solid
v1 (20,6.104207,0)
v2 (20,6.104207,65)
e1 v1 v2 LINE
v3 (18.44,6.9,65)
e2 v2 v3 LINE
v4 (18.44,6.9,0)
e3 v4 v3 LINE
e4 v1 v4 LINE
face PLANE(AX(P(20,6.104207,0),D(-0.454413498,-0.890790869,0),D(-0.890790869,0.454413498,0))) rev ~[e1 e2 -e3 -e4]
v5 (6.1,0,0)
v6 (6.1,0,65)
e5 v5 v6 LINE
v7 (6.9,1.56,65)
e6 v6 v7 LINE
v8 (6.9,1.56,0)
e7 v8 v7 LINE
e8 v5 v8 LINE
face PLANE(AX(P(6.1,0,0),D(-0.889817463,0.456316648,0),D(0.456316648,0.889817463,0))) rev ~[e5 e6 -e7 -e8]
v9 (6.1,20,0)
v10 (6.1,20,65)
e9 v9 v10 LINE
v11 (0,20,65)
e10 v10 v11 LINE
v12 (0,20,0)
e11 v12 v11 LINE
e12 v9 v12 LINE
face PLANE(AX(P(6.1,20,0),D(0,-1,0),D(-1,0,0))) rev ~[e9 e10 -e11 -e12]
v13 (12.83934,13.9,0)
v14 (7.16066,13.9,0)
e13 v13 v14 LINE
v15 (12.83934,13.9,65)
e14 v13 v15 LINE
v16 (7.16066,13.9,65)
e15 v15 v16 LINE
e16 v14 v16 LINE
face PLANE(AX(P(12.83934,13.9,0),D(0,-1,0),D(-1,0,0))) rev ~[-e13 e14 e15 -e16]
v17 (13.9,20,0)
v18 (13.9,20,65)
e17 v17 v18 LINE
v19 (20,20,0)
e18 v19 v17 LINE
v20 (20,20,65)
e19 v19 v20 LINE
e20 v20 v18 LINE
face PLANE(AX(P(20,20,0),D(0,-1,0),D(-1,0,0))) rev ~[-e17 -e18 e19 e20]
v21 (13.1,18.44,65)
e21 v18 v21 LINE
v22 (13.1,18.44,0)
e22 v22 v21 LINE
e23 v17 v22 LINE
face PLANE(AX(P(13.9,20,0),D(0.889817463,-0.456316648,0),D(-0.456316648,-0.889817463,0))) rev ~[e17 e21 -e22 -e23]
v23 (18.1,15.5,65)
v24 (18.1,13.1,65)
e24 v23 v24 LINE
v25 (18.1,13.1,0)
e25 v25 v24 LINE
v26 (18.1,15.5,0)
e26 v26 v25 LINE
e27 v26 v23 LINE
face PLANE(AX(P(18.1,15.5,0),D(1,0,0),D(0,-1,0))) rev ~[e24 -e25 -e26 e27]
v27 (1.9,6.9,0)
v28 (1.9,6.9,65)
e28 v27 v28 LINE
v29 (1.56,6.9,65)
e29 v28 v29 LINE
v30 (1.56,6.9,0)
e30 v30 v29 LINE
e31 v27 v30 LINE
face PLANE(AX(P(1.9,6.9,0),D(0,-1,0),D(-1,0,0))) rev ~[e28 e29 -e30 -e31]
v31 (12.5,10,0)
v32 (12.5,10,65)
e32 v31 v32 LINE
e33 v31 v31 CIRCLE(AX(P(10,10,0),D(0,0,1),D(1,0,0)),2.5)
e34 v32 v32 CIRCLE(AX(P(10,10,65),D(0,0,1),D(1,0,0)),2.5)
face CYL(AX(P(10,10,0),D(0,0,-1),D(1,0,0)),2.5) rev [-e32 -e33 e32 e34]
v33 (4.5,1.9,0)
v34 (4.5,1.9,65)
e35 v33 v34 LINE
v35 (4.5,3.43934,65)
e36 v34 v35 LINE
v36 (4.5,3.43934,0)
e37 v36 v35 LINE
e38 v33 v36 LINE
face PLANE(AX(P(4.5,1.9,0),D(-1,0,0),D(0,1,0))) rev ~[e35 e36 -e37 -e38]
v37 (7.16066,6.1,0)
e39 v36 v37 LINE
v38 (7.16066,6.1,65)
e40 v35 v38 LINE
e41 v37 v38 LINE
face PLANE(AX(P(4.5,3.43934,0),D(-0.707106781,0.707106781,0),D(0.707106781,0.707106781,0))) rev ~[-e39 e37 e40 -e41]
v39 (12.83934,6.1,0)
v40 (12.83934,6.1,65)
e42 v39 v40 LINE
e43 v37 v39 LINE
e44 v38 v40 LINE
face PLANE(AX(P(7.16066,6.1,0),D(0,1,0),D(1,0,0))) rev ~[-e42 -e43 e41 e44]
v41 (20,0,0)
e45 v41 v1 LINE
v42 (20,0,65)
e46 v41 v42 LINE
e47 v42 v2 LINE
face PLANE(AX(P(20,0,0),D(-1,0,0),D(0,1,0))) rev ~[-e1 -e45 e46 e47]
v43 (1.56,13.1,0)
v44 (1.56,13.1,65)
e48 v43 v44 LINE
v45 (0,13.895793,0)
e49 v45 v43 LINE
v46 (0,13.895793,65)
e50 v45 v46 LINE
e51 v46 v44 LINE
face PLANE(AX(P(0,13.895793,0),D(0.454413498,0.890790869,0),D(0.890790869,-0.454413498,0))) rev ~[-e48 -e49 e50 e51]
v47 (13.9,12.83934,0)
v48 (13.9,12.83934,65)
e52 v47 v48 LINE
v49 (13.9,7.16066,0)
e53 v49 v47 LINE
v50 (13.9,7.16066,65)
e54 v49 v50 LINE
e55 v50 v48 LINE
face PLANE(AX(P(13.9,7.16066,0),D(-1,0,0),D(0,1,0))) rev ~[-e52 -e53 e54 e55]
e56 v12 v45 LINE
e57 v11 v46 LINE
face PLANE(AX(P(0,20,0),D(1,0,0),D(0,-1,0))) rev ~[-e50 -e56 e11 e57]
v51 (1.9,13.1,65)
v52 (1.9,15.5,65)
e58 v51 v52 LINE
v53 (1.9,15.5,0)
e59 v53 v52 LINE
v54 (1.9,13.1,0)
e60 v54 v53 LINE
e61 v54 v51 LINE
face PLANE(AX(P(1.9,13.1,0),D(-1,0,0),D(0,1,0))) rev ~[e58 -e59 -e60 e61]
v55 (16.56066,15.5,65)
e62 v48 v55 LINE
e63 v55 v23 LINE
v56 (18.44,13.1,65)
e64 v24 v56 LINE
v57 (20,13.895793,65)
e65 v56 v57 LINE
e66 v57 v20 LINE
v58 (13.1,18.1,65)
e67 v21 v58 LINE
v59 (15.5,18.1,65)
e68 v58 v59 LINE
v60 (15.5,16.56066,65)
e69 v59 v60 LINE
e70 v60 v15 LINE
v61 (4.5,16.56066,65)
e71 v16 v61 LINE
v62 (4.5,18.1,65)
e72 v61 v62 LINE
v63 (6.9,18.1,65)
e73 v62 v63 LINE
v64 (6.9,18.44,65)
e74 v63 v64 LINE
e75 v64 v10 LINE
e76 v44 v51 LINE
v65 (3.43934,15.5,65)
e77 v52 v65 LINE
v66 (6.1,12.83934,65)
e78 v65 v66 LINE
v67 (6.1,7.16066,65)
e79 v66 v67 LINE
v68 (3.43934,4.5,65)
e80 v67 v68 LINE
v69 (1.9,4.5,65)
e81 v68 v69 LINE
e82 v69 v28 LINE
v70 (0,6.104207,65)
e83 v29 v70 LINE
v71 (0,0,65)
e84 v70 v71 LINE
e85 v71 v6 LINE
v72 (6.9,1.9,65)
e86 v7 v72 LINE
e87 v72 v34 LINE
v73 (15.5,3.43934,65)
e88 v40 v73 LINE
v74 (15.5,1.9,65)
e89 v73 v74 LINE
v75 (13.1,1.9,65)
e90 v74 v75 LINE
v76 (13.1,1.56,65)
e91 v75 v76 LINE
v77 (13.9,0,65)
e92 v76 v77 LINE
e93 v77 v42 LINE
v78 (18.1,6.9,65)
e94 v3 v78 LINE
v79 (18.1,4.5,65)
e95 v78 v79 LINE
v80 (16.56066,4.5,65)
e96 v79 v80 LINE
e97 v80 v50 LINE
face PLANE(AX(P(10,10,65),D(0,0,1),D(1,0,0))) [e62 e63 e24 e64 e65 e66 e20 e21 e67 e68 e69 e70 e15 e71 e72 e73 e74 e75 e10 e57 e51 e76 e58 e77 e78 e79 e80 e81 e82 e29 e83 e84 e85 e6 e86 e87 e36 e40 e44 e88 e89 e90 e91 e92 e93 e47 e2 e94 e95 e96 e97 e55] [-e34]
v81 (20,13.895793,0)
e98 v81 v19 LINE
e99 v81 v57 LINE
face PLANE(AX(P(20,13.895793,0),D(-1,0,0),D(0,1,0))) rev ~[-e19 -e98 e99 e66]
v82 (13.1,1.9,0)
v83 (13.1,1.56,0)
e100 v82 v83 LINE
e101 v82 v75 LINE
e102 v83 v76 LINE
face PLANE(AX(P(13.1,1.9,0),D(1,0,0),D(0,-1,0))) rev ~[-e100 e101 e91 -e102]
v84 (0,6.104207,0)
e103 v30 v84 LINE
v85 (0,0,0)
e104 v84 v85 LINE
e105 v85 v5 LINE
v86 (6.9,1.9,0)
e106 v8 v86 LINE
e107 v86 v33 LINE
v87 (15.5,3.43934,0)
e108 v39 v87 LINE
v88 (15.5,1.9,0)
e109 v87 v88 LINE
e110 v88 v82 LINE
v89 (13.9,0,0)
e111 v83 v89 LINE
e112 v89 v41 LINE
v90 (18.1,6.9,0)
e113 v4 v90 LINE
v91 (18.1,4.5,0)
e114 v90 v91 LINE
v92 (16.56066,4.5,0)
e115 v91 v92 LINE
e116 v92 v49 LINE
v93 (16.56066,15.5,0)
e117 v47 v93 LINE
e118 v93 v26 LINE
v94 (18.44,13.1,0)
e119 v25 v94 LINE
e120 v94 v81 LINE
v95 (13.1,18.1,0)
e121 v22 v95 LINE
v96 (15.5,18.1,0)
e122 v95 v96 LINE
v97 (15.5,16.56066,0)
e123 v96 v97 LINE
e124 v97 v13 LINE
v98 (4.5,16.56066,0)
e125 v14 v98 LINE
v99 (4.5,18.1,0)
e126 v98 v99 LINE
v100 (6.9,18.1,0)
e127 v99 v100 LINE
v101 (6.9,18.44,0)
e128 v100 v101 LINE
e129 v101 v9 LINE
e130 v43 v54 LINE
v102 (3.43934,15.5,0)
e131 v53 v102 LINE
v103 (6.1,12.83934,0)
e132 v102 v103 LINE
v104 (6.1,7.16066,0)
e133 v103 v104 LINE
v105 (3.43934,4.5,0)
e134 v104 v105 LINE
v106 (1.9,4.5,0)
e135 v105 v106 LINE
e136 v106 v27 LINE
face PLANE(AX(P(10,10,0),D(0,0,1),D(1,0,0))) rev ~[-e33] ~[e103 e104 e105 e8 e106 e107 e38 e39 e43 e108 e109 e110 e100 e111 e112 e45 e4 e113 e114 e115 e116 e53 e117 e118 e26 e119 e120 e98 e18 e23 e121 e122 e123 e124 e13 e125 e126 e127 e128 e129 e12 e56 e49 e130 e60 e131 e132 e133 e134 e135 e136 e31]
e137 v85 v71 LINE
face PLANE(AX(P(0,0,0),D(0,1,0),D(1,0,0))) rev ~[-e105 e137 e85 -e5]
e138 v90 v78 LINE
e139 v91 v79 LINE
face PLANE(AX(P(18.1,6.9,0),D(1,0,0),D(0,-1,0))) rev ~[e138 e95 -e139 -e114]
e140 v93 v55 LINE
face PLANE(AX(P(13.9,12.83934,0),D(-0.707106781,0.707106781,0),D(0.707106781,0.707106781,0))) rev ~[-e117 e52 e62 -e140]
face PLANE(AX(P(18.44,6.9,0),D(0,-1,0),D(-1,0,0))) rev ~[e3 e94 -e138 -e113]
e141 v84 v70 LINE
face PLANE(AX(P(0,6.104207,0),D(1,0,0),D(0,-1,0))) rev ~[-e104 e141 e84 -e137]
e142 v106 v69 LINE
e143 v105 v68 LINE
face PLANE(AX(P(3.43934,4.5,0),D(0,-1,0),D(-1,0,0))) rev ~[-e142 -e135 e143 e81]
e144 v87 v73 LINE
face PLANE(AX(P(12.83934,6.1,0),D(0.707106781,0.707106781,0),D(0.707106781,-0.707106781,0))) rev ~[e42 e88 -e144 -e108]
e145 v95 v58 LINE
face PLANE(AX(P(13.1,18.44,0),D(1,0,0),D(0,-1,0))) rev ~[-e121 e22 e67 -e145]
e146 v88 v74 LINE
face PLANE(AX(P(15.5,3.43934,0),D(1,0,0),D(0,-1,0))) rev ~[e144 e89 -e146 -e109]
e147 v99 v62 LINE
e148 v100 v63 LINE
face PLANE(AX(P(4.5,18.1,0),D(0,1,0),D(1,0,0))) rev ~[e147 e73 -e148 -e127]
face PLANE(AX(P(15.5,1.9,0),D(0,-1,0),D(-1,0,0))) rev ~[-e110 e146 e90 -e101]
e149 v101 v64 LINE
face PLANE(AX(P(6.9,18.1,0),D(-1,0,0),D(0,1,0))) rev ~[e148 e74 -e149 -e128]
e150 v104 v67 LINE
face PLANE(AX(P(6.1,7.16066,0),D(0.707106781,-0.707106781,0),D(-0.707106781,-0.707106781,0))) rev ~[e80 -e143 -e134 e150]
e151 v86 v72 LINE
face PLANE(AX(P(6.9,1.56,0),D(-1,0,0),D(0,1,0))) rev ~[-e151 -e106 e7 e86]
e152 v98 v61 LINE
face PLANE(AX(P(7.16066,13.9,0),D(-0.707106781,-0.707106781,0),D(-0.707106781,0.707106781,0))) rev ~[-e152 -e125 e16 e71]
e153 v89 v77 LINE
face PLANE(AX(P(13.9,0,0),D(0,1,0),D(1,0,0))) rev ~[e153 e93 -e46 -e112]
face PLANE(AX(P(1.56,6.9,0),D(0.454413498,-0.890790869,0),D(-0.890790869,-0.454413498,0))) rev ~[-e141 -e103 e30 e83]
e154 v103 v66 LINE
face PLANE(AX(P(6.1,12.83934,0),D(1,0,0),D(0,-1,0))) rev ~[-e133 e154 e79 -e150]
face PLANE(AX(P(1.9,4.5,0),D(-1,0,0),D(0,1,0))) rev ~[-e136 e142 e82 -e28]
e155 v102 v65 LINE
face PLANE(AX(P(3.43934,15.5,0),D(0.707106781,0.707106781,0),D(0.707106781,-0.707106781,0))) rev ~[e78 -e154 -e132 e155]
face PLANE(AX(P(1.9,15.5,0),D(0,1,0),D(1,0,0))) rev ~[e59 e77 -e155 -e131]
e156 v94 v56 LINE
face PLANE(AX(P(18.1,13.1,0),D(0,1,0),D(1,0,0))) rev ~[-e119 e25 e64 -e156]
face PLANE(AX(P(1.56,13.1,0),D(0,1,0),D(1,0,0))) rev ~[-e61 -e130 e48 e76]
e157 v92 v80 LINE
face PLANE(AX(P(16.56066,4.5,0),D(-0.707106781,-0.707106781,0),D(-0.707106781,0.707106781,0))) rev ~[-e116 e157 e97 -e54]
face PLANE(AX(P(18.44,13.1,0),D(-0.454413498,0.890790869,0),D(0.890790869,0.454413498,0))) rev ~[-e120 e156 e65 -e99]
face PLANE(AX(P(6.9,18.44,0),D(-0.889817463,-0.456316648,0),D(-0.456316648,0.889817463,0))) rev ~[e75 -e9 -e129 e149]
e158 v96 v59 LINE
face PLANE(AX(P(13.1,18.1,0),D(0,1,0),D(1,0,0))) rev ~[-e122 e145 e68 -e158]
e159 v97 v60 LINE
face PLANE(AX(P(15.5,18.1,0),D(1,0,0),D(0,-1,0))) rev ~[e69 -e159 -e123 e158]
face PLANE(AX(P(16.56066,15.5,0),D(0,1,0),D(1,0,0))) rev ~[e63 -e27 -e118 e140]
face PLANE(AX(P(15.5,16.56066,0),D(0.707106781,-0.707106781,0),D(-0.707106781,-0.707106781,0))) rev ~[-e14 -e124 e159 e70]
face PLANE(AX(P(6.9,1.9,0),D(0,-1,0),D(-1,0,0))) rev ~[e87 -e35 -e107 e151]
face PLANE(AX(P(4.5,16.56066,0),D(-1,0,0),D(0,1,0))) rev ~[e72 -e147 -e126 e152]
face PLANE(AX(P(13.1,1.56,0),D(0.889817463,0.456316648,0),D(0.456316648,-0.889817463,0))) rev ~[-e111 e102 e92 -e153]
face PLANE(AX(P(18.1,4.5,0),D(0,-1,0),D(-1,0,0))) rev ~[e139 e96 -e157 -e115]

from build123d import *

# Parameters (mm, degrees)
SKETCH1_R           = 2.5
BOSS_EXTRUDE1_DEPTH = 65


with BuildPart() as part:
    # Sketch1 → Boss-Extrude1 (new body)
    with BuildSketch(Plane.XY):
        Polygon((6.1, 20), (0, 20), (0, 13.895792909), (1.56, 13.1), (1.9, 13.1), (1.9, 15.5), (3.439339828, 15.5), (6.1, 12.839339828), (6.1, 7.160660172), (3.439339828, 4.5), (1.9, 4.5), (1.9, 6.9), (1.56, 6.9), (0, 6.104207091), (0, 0), (6.1, 0), (6.9, 1.56), (6.9, 1.9), (4.5, 1.9), (4.5, 3.439339828), (7.160660172, 6.1), (12.839339828, 6.1), (15.5, 3.439339828), (15.5, 1.9), (13.1, 1.9), (13.1, 1.56), (13.9, 0), (20, 0), (20, 6.104207091), (18.44, 6.9), (18.1, 6.9), (18.1, 4.5), (16.560660172, 4.5), (13.9, 7.160660172), (13.9, 12.839339828), (16.560660172, 15.5), (18.1, 15.5), (18.1, 13.1), (18.44, 13.1), (20, 13.895792909), (20, 20), (13.9, 20), (13.1, 18.44), (13.1, 18.1), (15.5, 18.1), (15.5, 16.560660172), (12.839339828, 13.9), (7.160660172, 13.9), (4.5, 16.560660172), (4.5, 18.1), (6.9, 18.1), (6.9, 18.44), align=None)
        with Locations((10, 10)):
            Circle(SKETCH1_R, mode=Mode.SUBTRACT)
    extrude(amount=BOSS_EXTRUDE1_DEPTH)


solid = part.part
